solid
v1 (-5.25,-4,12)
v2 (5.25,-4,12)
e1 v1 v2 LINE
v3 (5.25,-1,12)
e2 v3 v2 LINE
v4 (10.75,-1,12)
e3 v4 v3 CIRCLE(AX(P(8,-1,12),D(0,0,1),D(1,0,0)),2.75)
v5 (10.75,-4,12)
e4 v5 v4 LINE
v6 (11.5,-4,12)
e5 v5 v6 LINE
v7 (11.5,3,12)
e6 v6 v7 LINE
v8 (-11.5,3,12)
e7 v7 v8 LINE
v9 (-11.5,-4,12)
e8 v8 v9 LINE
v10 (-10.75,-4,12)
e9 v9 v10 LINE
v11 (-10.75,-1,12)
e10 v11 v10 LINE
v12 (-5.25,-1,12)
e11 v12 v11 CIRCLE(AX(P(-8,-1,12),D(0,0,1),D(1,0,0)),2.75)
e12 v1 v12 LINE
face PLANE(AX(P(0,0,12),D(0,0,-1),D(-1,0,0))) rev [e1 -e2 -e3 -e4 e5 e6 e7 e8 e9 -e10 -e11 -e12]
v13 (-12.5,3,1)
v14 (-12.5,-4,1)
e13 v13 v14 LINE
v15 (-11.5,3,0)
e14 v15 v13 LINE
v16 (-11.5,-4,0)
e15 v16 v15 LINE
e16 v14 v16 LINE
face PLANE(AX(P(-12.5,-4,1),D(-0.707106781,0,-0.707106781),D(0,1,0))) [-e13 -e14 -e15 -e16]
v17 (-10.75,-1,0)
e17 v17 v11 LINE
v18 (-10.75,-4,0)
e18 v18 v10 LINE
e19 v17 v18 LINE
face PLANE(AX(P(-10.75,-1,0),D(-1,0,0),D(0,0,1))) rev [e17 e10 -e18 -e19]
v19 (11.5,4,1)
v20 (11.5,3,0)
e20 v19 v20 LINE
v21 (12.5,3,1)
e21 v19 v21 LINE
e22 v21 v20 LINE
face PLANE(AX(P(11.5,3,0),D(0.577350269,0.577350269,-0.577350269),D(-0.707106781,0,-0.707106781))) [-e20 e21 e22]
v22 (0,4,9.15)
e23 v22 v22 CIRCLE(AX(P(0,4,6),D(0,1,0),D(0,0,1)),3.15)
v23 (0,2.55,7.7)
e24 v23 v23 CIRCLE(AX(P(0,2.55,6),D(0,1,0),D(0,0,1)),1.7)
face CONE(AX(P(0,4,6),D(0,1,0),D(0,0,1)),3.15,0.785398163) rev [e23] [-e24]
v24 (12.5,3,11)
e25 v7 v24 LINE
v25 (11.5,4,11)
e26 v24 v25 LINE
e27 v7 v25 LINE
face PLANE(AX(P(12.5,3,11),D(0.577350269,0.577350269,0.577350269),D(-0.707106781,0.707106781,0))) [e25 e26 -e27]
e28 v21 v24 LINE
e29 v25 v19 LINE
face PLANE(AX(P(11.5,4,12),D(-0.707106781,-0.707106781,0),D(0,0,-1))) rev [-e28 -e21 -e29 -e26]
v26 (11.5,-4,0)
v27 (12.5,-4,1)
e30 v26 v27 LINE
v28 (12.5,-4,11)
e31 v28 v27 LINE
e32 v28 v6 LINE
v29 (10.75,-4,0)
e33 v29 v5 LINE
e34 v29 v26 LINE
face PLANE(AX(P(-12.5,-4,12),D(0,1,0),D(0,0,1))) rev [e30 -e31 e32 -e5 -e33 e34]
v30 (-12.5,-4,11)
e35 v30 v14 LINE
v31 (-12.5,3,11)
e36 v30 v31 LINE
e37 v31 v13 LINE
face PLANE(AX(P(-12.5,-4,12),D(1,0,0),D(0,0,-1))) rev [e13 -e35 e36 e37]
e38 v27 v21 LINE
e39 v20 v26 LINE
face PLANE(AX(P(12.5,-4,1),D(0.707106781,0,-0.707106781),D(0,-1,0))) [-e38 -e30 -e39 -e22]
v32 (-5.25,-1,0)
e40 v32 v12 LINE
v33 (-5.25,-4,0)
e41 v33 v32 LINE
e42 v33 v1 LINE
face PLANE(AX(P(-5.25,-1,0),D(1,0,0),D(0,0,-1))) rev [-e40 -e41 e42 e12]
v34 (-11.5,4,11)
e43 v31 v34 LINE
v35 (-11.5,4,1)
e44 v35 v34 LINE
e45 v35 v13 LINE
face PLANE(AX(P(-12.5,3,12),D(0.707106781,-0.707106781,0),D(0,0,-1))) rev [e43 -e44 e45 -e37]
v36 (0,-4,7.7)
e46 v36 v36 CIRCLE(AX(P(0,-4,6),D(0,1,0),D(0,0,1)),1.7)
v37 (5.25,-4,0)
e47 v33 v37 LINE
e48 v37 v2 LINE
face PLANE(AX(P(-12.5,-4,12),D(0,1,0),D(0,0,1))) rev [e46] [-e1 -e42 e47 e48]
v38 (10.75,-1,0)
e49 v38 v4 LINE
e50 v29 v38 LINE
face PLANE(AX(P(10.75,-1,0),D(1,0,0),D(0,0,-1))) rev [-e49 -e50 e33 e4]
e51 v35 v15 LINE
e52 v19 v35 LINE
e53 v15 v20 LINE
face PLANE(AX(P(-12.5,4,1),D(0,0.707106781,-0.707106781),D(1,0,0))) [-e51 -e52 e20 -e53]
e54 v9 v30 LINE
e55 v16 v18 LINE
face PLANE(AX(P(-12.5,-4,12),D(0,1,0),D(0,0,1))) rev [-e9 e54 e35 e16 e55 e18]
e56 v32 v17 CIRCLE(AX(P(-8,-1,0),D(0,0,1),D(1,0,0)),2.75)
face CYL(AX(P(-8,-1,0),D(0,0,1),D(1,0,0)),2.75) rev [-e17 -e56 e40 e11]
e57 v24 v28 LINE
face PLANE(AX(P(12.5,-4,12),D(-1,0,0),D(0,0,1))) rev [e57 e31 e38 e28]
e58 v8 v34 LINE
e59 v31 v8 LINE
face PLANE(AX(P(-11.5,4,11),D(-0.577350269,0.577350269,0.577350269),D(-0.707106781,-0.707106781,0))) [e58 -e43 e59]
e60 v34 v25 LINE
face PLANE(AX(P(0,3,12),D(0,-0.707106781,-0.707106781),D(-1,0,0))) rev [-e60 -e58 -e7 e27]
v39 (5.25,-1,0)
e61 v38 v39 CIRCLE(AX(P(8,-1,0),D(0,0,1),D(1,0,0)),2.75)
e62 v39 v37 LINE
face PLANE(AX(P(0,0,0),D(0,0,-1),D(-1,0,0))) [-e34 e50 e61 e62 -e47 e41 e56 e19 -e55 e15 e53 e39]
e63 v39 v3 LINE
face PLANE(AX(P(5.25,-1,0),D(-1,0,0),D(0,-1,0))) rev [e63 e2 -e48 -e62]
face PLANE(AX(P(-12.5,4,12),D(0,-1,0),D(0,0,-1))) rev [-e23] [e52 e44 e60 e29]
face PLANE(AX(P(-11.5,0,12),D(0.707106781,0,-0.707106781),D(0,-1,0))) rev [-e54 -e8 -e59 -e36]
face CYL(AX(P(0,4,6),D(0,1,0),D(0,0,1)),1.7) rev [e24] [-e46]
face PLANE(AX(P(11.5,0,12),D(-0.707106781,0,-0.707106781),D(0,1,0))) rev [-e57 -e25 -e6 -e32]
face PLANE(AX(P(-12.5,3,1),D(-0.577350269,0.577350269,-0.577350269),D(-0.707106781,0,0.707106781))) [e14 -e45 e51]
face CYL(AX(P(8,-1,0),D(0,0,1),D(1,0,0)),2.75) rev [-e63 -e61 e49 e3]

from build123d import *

# Parameters (mm, degrees)
ESQUISSE1_W                                    = 25
ESQUISSE1_H                                    = 8
BOSS_EXTRU_1_DEPTH                             = 12
FRAISAGE_POUR_VIS_T_TE_FRAIS_E_M31_D           = 3.4
FRAISAGE_POUR_VIS_T_TE_FRAIS_E_M31_CSINK_D     = 6.3
FRAISAGE_POUR_VIS_T_TE_FRAIS_E_M31_CSINK_ANGLE = 90
ENL_V_MAT_EXTRU_1_DEPTH                        = 13
CHANFREIN1_SIZE                                = 1


with BuildPart() as part:
    # Esquisse1 → Boss.-Extru.1 (new body)
    with BuildSketch(Plane.XY):
        Rectangle(ESQUISSE1_W, ESQUISSE1_H)
    extrude(amount=BOSS_EXTRU_1_DEPTH)

    # Fraisage pour vis à tête fraisée M31 (through all)
    with Locations(Plane(origin=(0, 4, 0), x_dir=(1, 0, 0), z_dir=(0, 1, 0))):
        with Locations((0, -6)):
            CounterSinkHole(FRAISAGE_POUR_VIS_T_TE_FRAIS_E_M31_D / 2, FRAISAGE_POUR_VIS_T_TE_FRAIS_E_M31_CSINK_D / 2, counter_sink_angle=FRAISAGE_POUR_VIS_T_TE_FRAIS_E_M31_CSINK_ANGLE)

    # Esquisse4 → Enlèv. mat.-Extru.1 (cut, through all)
    with BuildSketch(Plane.XY.offset(12)):
        with BuildLine():
            Line((-5.25, -1), (-5.25, -4))
            Line((-5.25, -4), (-10.75, -4))
            Line((-10.75, -4), (-10.75, -1))
            ThreePointArc((-10.75, -1), (-8, 1.75), (-5.25, -1))
        make_face()
        with BuildLine():
            Line((5.25, -1), (5.25, -4))
            Line((5.25, -4), (10.75, -4))
            Line((10.75, -4), (10.75, -1))
            ThreePointArc((10.75, -1), (8, 1.75), (5.25, -1))
        make_face()
    extrude(amount=-ENL_V_MAT_EXTRU_1_DEPTH, mode=Mode.SUBTRACT)

    # Chanfrein1
    chanfrein1_edges = [part.edges().sort_by_distance(p)[0] for p in [
        (-12.5, 0, 12),
        (12.5, 0, 12),
        (-12.5, 0, 0),
        (0, 4, 0),
        (12.5, 0, 0),
        (-12.5, 4, 6),
        (12.5, 4, 6),
        (0, 4, 12),
    ]]
    chamfer(chanfrein1_edges, length=CHANFREIN1_SIZE)


solid = part.part
